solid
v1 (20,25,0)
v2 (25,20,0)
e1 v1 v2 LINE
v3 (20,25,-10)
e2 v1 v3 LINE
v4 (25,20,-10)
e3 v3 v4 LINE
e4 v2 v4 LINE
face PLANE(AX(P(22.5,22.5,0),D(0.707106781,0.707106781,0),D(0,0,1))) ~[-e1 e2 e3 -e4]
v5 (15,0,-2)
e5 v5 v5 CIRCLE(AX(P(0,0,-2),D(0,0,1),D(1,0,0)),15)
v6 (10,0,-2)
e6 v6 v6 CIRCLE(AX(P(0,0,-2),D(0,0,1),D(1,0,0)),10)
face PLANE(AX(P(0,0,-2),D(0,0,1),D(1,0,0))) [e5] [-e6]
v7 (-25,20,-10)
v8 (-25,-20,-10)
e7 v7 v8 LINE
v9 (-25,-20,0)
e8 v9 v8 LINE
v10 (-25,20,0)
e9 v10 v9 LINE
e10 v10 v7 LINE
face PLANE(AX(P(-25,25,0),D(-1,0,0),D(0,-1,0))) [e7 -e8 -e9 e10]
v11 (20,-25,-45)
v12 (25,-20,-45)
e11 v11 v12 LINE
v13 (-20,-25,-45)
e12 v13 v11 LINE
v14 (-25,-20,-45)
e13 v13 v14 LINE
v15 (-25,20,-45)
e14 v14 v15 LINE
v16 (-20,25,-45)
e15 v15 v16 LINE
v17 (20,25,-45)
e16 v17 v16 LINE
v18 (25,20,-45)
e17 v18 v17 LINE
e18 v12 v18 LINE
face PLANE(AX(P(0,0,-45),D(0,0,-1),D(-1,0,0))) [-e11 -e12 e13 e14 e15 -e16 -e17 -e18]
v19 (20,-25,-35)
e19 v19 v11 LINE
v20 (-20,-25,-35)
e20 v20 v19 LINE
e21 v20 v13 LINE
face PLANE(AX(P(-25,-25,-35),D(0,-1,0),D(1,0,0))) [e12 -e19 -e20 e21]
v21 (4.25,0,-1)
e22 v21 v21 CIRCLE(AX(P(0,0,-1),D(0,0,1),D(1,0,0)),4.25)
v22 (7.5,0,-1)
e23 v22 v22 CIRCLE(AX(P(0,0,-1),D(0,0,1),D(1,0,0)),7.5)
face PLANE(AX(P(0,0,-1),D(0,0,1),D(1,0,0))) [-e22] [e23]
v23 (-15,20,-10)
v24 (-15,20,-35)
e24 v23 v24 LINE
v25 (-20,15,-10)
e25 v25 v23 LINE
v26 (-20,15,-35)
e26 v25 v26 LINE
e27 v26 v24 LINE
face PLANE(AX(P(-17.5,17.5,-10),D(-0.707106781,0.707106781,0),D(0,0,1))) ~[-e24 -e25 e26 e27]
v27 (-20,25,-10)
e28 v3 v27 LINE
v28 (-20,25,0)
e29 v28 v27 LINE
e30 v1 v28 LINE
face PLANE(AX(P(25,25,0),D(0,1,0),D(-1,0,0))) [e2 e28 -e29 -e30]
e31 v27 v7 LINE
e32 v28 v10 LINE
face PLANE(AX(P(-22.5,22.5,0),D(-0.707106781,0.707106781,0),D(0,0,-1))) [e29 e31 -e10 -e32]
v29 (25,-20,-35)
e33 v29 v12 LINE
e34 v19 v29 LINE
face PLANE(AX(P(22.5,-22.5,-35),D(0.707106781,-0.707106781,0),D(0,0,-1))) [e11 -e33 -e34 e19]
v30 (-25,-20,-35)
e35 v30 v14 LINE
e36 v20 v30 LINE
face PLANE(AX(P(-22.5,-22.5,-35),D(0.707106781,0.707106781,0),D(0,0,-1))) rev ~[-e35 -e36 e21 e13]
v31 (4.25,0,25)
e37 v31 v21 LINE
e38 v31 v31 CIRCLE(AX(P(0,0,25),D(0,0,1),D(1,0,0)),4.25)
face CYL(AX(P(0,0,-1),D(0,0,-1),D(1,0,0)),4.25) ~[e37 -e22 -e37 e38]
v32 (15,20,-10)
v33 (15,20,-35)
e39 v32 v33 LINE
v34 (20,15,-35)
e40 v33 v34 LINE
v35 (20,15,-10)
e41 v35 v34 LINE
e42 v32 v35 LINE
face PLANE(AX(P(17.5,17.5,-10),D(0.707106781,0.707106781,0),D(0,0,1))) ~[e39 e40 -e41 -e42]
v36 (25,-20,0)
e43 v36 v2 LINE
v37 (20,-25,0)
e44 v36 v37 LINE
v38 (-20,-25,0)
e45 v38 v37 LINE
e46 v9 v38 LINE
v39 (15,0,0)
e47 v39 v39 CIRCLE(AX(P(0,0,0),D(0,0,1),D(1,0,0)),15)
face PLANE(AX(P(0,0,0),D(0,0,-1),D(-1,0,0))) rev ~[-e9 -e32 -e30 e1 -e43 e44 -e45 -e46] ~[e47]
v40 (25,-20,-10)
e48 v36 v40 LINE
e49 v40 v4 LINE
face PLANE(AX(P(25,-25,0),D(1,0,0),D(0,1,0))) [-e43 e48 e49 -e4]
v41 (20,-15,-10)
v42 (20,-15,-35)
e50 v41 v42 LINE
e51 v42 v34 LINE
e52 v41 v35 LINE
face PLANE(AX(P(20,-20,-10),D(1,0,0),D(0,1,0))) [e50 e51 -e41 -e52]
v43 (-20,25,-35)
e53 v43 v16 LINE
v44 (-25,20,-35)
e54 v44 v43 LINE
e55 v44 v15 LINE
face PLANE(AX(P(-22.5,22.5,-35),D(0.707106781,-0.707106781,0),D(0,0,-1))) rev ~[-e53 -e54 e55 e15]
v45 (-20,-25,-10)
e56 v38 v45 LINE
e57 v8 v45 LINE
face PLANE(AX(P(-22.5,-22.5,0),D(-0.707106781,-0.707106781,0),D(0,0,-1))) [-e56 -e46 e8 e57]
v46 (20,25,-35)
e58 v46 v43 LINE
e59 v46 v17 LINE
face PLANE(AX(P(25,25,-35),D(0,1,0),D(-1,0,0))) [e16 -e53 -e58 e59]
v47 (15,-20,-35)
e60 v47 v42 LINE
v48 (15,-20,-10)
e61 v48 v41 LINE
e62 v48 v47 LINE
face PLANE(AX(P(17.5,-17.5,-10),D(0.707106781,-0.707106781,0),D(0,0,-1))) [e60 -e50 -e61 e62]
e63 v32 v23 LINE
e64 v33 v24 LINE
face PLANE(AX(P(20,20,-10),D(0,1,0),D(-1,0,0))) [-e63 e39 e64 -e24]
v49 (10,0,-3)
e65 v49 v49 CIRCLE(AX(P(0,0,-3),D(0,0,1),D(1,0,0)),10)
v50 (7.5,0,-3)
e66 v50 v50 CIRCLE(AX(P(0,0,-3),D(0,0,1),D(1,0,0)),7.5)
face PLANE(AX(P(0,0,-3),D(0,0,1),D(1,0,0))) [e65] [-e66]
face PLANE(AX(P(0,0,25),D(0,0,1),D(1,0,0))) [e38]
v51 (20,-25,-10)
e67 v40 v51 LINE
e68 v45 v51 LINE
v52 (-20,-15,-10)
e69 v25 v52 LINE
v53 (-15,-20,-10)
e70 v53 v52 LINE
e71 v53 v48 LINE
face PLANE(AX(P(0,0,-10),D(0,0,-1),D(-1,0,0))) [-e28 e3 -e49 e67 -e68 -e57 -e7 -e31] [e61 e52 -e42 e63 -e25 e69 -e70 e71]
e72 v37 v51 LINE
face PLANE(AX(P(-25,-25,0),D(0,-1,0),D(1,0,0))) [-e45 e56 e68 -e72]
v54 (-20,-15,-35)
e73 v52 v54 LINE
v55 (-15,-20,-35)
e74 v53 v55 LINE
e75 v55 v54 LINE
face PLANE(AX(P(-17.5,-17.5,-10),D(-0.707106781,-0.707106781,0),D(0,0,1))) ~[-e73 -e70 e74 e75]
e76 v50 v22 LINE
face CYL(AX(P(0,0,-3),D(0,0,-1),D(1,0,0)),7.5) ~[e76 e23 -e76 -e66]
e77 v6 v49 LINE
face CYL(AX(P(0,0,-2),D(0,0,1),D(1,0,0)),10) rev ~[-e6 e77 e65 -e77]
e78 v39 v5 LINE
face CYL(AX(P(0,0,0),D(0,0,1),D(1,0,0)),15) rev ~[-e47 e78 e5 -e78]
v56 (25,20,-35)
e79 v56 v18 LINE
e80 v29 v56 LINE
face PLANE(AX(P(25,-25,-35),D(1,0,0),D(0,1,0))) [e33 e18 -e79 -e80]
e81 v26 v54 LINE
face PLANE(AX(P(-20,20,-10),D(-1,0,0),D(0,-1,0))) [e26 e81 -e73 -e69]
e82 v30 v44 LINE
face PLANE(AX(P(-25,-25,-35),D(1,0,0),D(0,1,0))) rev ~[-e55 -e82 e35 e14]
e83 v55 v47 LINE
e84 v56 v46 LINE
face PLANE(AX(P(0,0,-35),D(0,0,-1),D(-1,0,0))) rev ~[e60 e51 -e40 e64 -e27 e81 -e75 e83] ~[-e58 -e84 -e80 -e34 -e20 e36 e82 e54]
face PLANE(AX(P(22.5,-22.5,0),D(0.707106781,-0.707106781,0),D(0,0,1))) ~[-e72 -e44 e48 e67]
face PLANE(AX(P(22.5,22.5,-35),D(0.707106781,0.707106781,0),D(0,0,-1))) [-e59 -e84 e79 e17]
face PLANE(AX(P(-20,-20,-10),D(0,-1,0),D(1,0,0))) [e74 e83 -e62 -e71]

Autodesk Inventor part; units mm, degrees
ref_plane "YZ Plane" through (0, 0, 0) normal (1, 0, 0) x (0, 1, 0)
ref_plane "XZ Plane" through (0, 0, 0) normal (0, 1, 0) x (-1, 0, 0)
ref_plane "XY Plane" through (0, 0, 0) normal (0, 0, 1) x (1, 0, 0)
sketch "草图1" plane through (0, 0, 0) normal (0, 0, 1) x (1, 0, 0)
  circle A0 centre (0, 0) radius 4.25
  dimension "d0" = 8.5
extrude "拉伸1" add sketch "草图1" along normal blind 25
sketch "草图2" plane through (0, 0, 0) normal (0, 0, -1) x (-1, 0, 0)
  line L0 (-25, 25) -> (25, 25)
  line L1 (25, 25) -> (25, -25)
  line L2 (25, -25) -> (-25, -25)
  line L3 (-25, -25) -> (-25, 25)
  circle A0 centre (0, 0) radius 4.25 projected
  line L4 (-25, 25) -> (25, -25) construction
  line L5 (25, 25) -> (-25, -25) construction
  dimension "d3" = 50
  dimension "d4" = 50
extrude "拉伸2" add sketch "草图2" along normal blind 10 contours L0 L1 L2 L3 | A0
sketch "草图3" plane through (0, 0, 0) normal (0, 0, 1) x (1, 0, 0)
  circle A0 centre (0, 0) radius 15
  dimension "d7" = 30
extrude "拉伸3" cut sketch "草图3" against normal blind 2
sketch "草图4" plane through (0, 0, -2) normal (0, 0, 1) x (1, 0, 0)
  circle A0 centre (0, 0) radius 10
  dimension "d10" = 20
extrude "拉伸4" cut sketch "草图4" against normal blind 1
sketch "草图5" plane through (0, 0, -3) normal (0, 0, 1) x (1, 0, 0)
  circle A0 centre (0, 0) radius 7.5
  dimension "d13" = 15
extrude "拉伸5" add sketch "草图5" along normal blind 2
sketch "草图6" plane through (0, 0, -1) normal (0, 0, 1) x (1, 0, 0)
  circle A0 centre (0, 0) radius 4.25 projected
extrude "拉伸6" add sketch "草图6" along normal blind 2
sketch "草图7" plane through (0, 0, -10) normal (0, 0, -1) x (-1, 0, 0)
  line L0 (-20, 20) -> (20, 20)
  line L1 (20, 20) -> (20, -20)
  line L2 (20, -20) -> (-20, -20)
  line L3 (-20, -20) -> (-20, 20)
  line L4 (-20, 20) -> (20, -20) construction
  line L5 (20, 20) -> (-20, -20) construction
  point P0 (0, 0)
  dimension "d18" = 40
  dimension "d19" = 40
extrude "拉伸7" add sketch "草图7" along normal blind 25
sketch "草图8" plane through (0, 0, -35) normal (0, 0, -1) x (-1, 0, 0)
  line L0 (25, -25) -> (25, 25) projected
  line L1 (-25, 25) -> (25, 25)
  line L2 (25, 25) -> (25, -25)
  line L3 (25, -25) -> (-25, -25)
  line L4 (-25, -25) -> (-25, 25)
  circle A0 centre (0, 0) radius 7.5 projected
  line L5 (-25, 25) -> (25, -25) construction
  line L6 (25, 25) -> (-25, -25) construction
  dimension "d22" = 50
  dimension "d23" = 50
extrude "拉伸8" add sketch "草图8" along normal blind 10 contours L3 L4 L1 L0 | A0
chamfer "倒角1" distance 5 angle 45 12 edges at (20, -20, -22.5) (25, -25, -5) (25, -25, -40) (-25, -25, -40) (-20, -20, -22.5) (-25, -25, -5) (25, 25, -5) (20, 20, -22.5) (25, 25, -40) (-20, 20, -22.5) (-25, 25, -5) (-25, 25, -40)
properties part number "步进电机2"
